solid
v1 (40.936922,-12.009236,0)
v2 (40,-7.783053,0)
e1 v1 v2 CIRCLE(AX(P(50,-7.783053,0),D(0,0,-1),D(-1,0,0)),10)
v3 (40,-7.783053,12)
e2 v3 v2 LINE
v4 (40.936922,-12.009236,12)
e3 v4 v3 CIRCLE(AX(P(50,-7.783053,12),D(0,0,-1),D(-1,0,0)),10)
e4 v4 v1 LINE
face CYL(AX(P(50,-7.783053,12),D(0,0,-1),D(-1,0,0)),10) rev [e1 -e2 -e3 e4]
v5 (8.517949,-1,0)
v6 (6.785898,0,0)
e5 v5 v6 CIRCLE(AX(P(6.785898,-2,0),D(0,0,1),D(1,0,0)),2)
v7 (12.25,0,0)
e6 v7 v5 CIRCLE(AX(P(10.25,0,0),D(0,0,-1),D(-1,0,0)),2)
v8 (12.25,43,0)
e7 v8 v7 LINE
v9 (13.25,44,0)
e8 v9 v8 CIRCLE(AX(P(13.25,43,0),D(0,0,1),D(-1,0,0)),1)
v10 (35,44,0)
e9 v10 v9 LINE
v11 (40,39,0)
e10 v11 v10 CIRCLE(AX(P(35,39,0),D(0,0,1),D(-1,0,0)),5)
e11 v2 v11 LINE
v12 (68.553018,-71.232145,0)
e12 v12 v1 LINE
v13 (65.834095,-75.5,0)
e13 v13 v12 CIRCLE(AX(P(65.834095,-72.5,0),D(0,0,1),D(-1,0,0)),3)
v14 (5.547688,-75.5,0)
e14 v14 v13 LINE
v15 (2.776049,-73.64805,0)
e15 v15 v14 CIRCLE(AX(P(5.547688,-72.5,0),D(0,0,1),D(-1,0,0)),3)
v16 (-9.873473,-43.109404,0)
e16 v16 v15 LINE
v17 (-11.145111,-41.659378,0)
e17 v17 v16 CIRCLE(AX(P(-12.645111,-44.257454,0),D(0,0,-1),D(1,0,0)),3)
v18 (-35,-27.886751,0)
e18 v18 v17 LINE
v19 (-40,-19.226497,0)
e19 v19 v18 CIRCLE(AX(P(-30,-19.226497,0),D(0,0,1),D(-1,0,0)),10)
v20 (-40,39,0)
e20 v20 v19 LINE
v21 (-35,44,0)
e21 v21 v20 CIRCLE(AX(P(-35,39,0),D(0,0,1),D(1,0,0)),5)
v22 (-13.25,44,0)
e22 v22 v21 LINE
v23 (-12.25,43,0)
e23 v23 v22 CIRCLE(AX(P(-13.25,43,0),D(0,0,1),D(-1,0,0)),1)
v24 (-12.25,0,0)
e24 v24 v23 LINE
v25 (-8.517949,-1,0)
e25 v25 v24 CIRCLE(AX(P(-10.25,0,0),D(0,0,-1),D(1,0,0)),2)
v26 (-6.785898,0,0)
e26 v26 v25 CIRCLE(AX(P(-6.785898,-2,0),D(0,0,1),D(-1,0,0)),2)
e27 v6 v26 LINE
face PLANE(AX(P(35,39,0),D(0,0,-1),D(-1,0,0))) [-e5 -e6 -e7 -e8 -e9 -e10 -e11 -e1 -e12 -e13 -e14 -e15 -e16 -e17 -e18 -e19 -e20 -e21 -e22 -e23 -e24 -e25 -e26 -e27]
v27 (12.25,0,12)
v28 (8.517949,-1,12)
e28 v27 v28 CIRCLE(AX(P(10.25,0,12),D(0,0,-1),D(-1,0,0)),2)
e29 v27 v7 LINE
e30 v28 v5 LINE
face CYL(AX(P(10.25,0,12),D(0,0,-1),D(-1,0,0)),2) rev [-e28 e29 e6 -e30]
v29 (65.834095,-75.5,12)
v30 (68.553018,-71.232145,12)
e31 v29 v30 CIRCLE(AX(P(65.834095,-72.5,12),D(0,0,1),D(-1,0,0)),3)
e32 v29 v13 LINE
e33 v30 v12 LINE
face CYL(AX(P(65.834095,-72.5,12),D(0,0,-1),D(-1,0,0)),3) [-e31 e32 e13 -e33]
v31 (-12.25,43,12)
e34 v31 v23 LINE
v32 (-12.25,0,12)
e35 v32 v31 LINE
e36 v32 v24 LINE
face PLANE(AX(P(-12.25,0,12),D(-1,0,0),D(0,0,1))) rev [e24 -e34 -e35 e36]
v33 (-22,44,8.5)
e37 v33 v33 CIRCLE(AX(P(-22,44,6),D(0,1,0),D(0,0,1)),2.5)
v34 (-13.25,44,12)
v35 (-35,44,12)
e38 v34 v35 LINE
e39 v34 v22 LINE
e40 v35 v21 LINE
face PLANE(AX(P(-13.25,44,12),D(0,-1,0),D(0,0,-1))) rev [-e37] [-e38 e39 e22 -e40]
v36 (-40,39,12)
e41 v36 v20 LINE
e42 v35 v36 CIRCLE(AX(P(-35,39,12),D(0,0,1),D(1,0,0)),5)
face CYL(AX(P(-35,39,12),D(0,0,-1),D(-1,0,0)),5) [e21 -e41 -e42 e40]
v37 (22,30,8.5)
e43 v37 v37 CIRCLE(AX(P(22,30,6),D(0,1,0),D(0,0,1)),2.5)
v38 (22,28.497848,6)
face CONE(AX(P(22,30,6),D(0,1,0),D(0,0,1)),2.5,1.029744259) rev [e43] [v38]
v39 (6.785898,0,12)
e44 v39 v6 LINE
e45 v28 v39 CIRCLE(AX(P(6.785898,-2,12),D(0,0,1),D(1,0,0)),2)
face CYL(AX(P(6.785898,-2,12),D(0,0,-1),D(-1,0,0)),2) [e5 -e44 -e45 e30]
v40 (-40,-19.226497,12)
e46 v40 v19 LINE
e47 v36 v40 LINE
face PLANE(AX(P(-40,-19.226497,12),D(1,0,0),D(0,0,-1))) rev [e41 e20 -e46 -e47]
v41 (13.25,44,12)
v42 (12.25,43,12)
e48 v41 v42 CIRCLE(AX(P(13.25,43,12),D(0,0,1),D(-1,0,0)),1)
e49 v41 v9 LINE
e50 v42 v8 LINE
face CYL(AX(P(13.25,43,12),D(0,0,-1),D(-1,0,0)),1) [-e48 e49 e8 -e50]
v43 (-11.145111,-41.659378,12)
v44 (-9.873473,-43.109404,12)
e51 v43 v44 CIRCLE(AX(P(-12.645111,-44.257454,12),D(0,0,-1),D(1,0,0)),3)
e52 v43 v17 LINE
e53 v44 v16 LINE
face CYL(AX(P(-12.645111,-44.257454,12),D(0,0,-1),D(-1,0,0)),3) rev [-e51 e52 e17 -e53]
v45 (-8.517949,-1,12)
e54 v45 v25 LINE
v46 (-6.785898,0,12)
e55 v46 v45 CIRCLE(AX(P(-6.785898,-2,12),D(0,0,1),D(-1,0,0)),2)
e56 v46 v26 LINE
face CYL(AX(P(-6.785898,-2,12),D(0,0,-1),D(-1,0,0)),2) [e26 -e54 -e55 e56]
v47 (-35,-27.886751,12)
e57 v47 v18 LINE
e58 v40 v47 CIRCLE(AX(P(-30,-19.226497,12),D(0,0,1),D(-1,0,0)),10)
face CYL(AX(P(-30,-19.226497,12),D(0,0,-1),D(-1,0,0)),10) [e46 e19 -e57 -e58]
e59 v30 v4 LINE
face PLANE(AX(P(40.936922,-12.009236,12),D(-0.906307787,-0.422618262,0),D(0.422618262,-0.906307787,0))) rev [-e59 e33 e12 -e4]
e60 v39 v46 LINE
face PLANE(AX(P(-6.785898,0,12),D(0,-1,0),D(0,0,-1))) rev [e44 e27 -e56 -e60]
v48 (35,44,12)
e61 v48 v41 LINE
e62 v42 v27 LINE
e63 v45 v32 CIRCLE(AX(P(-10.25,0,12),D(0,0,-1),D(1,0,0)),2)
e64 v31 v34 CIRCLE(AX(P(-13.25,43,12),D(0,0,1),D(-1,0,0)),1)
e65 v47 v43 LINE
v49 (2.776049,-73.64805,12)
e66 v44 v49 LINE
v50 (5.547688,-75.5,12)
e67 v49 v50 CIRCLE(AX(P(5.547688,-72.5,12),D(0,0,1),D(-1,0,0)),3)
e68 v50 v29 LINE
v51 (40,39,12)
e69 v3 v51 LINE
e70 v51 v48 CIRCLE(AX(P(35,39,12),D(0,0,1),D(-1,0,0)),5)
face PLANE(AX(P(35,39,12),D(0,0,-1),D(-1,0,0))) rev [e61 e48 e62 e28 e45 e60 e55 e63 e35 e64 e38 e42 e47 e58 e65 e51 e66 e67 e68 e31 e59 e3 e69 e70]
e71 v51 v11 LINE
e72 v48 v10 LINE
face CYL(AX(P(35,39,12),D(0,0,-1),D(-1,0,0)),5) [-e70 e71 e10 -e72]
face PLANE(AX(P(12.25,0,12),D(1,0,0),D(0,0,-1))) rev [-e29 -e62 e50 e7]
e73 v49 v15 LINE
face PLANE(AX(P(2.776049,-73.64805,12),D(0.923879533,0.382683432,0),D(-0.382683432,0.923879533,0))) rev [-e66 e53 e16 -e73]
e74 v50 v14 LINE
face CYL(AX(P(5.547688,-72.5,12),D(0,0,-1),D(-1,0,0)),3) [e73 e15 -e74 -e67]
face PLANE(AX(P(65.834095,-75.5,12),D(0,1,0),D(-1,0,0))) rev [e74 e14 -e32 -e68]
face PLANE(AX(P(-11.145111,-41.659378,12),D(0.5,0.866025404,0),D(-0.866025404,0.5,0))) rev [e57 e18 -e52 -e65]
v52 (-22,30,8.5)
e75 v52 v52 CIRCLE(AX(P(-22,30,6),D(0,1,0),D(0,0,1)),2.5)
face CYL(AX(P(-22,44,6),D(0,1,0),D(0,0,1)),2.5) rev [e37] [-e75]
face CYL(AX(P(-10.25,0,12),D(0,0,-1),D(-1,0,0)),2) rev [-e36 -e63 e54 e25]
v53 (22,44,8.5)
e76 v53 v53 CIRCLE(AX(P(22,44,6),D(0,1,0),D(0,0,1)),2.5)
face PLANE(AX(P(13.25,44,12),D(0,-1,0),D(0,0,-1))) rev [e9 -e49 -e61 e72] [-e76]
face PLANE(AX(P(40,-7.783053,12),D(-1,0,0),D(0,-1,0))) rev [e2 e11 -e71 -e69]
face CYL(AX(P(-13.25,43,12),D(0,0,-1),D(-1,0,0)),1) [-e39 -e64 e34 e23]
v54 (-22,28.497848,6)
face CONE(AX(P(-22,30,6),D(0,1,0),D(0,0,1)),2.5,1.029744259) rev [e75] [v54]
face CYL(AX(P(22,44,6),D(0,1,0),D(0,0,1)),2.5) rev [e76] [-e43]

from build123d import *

# Parameters (mm, degrees)
EXTRUDE1_DEPTH   = 12
F_2_STK_M6_D     = 5
F_2_STK_M6_DEPTH = 14
F_2_STK_M6_TIP   = 1.502151548


with BuildPart() as part:
    # Sketch1 → Extrude1 (new body)
    with BuildSketch(Plane.XY):
        with BuildLine():
            Line((-6.785898385, 0), (6.785898385, 0))
            ThreePointArc((6.785898385, 0), (7.785898385, -0.267949192), (8.517949192, -1))
            ThreePointArc((8.517949192, -1), (10.76763809, -1.931851653), (12.25, 0))
            Line((12.25, 0), (12.25, 43))
            ThreePointArc((12.25, 43), (12.542893219, 43.707106781), (13.25, 44))
            Line((13.25, 44), (35, 44))
            ThreePointArc((35, 44), (38.535533906, 42.535533906), (40, 39))
            Line((40, 39), (40, -7.783053374))
            ThreePointArc((40, -7.783053374), (40.237039929, -9.947449513), (40.93692213, -12.009235991))
            Line((40.93692213, -12.009235991), (68.553018239, -71.232145215))
            ThreePointArc((68.553018239, -71.232145215), (68.364269215, -74.111898825), (65.834094878, -75.5))
            Line((65.834094878, -75.5), (5.547687523, -75.5))
            ThreePointArc((5.547687523, -75.5), (3.880976824, -74.994408837), (2.776048925, -73.648050297))
            Line((2.776048925, -73.648050297), (-9.873472677, -43.109403687))
            ThreePointArc((-9.873472677, -43.109403687), (-10.389591852, -42.279416539), (-11.145111274, -41.659377773))
            Line((-11.145111274, -41.659377773), (-35, -27.886751346))
            ThreePointArc((-35, -27.886751346), (-38.660254038, -24.226497308), (-40, -19.226497308))
            Line((-40, -19.226497308), (-40, 39))
            ThreePointArc((-40, 39), (-38.535533906, 42.535533906), (-35, 44))
            Line((-35, 44), (-13.25, 44))
            ThreePointArc((-13.25, 44), (-12.542893219, 43.707106781), (-12.25, 43))
            Line((-12.25, 43), (-12.25, 0))
            ThreePointArc((-12.25, 0), (-10.76763809, -1.931851653), (-8.517949192, -1))
            ThreePointArc((-8.517949192, -1), (-7.785898385, -0.267949192), (-6.785898385, 0))
        make_face()
    extrude(amount=EXTRUDE1_DEPTH)

    # 2 stk M6
    with Locations(Plane(origin=(0, 44, 0), x_dir=(-1, 0, 0), z_dir=(0, 1, 0))):
        with Locations((-22, 6), (22, 6)):
            Hole(F_2_STK_M6_D / 2, depth=F_2_STK_M6_DEPTH)
            with Locations((0, 0, -(F_2_STK_M6_DEPTH + F_2_STK_M6_TIP / 2))):  # 118° drill point
                Cone(0, F_2_STK_M6_D / 2, F_2_STK_M6_TIP, mode=Mode.SUBTRACT)


solid = part.part
